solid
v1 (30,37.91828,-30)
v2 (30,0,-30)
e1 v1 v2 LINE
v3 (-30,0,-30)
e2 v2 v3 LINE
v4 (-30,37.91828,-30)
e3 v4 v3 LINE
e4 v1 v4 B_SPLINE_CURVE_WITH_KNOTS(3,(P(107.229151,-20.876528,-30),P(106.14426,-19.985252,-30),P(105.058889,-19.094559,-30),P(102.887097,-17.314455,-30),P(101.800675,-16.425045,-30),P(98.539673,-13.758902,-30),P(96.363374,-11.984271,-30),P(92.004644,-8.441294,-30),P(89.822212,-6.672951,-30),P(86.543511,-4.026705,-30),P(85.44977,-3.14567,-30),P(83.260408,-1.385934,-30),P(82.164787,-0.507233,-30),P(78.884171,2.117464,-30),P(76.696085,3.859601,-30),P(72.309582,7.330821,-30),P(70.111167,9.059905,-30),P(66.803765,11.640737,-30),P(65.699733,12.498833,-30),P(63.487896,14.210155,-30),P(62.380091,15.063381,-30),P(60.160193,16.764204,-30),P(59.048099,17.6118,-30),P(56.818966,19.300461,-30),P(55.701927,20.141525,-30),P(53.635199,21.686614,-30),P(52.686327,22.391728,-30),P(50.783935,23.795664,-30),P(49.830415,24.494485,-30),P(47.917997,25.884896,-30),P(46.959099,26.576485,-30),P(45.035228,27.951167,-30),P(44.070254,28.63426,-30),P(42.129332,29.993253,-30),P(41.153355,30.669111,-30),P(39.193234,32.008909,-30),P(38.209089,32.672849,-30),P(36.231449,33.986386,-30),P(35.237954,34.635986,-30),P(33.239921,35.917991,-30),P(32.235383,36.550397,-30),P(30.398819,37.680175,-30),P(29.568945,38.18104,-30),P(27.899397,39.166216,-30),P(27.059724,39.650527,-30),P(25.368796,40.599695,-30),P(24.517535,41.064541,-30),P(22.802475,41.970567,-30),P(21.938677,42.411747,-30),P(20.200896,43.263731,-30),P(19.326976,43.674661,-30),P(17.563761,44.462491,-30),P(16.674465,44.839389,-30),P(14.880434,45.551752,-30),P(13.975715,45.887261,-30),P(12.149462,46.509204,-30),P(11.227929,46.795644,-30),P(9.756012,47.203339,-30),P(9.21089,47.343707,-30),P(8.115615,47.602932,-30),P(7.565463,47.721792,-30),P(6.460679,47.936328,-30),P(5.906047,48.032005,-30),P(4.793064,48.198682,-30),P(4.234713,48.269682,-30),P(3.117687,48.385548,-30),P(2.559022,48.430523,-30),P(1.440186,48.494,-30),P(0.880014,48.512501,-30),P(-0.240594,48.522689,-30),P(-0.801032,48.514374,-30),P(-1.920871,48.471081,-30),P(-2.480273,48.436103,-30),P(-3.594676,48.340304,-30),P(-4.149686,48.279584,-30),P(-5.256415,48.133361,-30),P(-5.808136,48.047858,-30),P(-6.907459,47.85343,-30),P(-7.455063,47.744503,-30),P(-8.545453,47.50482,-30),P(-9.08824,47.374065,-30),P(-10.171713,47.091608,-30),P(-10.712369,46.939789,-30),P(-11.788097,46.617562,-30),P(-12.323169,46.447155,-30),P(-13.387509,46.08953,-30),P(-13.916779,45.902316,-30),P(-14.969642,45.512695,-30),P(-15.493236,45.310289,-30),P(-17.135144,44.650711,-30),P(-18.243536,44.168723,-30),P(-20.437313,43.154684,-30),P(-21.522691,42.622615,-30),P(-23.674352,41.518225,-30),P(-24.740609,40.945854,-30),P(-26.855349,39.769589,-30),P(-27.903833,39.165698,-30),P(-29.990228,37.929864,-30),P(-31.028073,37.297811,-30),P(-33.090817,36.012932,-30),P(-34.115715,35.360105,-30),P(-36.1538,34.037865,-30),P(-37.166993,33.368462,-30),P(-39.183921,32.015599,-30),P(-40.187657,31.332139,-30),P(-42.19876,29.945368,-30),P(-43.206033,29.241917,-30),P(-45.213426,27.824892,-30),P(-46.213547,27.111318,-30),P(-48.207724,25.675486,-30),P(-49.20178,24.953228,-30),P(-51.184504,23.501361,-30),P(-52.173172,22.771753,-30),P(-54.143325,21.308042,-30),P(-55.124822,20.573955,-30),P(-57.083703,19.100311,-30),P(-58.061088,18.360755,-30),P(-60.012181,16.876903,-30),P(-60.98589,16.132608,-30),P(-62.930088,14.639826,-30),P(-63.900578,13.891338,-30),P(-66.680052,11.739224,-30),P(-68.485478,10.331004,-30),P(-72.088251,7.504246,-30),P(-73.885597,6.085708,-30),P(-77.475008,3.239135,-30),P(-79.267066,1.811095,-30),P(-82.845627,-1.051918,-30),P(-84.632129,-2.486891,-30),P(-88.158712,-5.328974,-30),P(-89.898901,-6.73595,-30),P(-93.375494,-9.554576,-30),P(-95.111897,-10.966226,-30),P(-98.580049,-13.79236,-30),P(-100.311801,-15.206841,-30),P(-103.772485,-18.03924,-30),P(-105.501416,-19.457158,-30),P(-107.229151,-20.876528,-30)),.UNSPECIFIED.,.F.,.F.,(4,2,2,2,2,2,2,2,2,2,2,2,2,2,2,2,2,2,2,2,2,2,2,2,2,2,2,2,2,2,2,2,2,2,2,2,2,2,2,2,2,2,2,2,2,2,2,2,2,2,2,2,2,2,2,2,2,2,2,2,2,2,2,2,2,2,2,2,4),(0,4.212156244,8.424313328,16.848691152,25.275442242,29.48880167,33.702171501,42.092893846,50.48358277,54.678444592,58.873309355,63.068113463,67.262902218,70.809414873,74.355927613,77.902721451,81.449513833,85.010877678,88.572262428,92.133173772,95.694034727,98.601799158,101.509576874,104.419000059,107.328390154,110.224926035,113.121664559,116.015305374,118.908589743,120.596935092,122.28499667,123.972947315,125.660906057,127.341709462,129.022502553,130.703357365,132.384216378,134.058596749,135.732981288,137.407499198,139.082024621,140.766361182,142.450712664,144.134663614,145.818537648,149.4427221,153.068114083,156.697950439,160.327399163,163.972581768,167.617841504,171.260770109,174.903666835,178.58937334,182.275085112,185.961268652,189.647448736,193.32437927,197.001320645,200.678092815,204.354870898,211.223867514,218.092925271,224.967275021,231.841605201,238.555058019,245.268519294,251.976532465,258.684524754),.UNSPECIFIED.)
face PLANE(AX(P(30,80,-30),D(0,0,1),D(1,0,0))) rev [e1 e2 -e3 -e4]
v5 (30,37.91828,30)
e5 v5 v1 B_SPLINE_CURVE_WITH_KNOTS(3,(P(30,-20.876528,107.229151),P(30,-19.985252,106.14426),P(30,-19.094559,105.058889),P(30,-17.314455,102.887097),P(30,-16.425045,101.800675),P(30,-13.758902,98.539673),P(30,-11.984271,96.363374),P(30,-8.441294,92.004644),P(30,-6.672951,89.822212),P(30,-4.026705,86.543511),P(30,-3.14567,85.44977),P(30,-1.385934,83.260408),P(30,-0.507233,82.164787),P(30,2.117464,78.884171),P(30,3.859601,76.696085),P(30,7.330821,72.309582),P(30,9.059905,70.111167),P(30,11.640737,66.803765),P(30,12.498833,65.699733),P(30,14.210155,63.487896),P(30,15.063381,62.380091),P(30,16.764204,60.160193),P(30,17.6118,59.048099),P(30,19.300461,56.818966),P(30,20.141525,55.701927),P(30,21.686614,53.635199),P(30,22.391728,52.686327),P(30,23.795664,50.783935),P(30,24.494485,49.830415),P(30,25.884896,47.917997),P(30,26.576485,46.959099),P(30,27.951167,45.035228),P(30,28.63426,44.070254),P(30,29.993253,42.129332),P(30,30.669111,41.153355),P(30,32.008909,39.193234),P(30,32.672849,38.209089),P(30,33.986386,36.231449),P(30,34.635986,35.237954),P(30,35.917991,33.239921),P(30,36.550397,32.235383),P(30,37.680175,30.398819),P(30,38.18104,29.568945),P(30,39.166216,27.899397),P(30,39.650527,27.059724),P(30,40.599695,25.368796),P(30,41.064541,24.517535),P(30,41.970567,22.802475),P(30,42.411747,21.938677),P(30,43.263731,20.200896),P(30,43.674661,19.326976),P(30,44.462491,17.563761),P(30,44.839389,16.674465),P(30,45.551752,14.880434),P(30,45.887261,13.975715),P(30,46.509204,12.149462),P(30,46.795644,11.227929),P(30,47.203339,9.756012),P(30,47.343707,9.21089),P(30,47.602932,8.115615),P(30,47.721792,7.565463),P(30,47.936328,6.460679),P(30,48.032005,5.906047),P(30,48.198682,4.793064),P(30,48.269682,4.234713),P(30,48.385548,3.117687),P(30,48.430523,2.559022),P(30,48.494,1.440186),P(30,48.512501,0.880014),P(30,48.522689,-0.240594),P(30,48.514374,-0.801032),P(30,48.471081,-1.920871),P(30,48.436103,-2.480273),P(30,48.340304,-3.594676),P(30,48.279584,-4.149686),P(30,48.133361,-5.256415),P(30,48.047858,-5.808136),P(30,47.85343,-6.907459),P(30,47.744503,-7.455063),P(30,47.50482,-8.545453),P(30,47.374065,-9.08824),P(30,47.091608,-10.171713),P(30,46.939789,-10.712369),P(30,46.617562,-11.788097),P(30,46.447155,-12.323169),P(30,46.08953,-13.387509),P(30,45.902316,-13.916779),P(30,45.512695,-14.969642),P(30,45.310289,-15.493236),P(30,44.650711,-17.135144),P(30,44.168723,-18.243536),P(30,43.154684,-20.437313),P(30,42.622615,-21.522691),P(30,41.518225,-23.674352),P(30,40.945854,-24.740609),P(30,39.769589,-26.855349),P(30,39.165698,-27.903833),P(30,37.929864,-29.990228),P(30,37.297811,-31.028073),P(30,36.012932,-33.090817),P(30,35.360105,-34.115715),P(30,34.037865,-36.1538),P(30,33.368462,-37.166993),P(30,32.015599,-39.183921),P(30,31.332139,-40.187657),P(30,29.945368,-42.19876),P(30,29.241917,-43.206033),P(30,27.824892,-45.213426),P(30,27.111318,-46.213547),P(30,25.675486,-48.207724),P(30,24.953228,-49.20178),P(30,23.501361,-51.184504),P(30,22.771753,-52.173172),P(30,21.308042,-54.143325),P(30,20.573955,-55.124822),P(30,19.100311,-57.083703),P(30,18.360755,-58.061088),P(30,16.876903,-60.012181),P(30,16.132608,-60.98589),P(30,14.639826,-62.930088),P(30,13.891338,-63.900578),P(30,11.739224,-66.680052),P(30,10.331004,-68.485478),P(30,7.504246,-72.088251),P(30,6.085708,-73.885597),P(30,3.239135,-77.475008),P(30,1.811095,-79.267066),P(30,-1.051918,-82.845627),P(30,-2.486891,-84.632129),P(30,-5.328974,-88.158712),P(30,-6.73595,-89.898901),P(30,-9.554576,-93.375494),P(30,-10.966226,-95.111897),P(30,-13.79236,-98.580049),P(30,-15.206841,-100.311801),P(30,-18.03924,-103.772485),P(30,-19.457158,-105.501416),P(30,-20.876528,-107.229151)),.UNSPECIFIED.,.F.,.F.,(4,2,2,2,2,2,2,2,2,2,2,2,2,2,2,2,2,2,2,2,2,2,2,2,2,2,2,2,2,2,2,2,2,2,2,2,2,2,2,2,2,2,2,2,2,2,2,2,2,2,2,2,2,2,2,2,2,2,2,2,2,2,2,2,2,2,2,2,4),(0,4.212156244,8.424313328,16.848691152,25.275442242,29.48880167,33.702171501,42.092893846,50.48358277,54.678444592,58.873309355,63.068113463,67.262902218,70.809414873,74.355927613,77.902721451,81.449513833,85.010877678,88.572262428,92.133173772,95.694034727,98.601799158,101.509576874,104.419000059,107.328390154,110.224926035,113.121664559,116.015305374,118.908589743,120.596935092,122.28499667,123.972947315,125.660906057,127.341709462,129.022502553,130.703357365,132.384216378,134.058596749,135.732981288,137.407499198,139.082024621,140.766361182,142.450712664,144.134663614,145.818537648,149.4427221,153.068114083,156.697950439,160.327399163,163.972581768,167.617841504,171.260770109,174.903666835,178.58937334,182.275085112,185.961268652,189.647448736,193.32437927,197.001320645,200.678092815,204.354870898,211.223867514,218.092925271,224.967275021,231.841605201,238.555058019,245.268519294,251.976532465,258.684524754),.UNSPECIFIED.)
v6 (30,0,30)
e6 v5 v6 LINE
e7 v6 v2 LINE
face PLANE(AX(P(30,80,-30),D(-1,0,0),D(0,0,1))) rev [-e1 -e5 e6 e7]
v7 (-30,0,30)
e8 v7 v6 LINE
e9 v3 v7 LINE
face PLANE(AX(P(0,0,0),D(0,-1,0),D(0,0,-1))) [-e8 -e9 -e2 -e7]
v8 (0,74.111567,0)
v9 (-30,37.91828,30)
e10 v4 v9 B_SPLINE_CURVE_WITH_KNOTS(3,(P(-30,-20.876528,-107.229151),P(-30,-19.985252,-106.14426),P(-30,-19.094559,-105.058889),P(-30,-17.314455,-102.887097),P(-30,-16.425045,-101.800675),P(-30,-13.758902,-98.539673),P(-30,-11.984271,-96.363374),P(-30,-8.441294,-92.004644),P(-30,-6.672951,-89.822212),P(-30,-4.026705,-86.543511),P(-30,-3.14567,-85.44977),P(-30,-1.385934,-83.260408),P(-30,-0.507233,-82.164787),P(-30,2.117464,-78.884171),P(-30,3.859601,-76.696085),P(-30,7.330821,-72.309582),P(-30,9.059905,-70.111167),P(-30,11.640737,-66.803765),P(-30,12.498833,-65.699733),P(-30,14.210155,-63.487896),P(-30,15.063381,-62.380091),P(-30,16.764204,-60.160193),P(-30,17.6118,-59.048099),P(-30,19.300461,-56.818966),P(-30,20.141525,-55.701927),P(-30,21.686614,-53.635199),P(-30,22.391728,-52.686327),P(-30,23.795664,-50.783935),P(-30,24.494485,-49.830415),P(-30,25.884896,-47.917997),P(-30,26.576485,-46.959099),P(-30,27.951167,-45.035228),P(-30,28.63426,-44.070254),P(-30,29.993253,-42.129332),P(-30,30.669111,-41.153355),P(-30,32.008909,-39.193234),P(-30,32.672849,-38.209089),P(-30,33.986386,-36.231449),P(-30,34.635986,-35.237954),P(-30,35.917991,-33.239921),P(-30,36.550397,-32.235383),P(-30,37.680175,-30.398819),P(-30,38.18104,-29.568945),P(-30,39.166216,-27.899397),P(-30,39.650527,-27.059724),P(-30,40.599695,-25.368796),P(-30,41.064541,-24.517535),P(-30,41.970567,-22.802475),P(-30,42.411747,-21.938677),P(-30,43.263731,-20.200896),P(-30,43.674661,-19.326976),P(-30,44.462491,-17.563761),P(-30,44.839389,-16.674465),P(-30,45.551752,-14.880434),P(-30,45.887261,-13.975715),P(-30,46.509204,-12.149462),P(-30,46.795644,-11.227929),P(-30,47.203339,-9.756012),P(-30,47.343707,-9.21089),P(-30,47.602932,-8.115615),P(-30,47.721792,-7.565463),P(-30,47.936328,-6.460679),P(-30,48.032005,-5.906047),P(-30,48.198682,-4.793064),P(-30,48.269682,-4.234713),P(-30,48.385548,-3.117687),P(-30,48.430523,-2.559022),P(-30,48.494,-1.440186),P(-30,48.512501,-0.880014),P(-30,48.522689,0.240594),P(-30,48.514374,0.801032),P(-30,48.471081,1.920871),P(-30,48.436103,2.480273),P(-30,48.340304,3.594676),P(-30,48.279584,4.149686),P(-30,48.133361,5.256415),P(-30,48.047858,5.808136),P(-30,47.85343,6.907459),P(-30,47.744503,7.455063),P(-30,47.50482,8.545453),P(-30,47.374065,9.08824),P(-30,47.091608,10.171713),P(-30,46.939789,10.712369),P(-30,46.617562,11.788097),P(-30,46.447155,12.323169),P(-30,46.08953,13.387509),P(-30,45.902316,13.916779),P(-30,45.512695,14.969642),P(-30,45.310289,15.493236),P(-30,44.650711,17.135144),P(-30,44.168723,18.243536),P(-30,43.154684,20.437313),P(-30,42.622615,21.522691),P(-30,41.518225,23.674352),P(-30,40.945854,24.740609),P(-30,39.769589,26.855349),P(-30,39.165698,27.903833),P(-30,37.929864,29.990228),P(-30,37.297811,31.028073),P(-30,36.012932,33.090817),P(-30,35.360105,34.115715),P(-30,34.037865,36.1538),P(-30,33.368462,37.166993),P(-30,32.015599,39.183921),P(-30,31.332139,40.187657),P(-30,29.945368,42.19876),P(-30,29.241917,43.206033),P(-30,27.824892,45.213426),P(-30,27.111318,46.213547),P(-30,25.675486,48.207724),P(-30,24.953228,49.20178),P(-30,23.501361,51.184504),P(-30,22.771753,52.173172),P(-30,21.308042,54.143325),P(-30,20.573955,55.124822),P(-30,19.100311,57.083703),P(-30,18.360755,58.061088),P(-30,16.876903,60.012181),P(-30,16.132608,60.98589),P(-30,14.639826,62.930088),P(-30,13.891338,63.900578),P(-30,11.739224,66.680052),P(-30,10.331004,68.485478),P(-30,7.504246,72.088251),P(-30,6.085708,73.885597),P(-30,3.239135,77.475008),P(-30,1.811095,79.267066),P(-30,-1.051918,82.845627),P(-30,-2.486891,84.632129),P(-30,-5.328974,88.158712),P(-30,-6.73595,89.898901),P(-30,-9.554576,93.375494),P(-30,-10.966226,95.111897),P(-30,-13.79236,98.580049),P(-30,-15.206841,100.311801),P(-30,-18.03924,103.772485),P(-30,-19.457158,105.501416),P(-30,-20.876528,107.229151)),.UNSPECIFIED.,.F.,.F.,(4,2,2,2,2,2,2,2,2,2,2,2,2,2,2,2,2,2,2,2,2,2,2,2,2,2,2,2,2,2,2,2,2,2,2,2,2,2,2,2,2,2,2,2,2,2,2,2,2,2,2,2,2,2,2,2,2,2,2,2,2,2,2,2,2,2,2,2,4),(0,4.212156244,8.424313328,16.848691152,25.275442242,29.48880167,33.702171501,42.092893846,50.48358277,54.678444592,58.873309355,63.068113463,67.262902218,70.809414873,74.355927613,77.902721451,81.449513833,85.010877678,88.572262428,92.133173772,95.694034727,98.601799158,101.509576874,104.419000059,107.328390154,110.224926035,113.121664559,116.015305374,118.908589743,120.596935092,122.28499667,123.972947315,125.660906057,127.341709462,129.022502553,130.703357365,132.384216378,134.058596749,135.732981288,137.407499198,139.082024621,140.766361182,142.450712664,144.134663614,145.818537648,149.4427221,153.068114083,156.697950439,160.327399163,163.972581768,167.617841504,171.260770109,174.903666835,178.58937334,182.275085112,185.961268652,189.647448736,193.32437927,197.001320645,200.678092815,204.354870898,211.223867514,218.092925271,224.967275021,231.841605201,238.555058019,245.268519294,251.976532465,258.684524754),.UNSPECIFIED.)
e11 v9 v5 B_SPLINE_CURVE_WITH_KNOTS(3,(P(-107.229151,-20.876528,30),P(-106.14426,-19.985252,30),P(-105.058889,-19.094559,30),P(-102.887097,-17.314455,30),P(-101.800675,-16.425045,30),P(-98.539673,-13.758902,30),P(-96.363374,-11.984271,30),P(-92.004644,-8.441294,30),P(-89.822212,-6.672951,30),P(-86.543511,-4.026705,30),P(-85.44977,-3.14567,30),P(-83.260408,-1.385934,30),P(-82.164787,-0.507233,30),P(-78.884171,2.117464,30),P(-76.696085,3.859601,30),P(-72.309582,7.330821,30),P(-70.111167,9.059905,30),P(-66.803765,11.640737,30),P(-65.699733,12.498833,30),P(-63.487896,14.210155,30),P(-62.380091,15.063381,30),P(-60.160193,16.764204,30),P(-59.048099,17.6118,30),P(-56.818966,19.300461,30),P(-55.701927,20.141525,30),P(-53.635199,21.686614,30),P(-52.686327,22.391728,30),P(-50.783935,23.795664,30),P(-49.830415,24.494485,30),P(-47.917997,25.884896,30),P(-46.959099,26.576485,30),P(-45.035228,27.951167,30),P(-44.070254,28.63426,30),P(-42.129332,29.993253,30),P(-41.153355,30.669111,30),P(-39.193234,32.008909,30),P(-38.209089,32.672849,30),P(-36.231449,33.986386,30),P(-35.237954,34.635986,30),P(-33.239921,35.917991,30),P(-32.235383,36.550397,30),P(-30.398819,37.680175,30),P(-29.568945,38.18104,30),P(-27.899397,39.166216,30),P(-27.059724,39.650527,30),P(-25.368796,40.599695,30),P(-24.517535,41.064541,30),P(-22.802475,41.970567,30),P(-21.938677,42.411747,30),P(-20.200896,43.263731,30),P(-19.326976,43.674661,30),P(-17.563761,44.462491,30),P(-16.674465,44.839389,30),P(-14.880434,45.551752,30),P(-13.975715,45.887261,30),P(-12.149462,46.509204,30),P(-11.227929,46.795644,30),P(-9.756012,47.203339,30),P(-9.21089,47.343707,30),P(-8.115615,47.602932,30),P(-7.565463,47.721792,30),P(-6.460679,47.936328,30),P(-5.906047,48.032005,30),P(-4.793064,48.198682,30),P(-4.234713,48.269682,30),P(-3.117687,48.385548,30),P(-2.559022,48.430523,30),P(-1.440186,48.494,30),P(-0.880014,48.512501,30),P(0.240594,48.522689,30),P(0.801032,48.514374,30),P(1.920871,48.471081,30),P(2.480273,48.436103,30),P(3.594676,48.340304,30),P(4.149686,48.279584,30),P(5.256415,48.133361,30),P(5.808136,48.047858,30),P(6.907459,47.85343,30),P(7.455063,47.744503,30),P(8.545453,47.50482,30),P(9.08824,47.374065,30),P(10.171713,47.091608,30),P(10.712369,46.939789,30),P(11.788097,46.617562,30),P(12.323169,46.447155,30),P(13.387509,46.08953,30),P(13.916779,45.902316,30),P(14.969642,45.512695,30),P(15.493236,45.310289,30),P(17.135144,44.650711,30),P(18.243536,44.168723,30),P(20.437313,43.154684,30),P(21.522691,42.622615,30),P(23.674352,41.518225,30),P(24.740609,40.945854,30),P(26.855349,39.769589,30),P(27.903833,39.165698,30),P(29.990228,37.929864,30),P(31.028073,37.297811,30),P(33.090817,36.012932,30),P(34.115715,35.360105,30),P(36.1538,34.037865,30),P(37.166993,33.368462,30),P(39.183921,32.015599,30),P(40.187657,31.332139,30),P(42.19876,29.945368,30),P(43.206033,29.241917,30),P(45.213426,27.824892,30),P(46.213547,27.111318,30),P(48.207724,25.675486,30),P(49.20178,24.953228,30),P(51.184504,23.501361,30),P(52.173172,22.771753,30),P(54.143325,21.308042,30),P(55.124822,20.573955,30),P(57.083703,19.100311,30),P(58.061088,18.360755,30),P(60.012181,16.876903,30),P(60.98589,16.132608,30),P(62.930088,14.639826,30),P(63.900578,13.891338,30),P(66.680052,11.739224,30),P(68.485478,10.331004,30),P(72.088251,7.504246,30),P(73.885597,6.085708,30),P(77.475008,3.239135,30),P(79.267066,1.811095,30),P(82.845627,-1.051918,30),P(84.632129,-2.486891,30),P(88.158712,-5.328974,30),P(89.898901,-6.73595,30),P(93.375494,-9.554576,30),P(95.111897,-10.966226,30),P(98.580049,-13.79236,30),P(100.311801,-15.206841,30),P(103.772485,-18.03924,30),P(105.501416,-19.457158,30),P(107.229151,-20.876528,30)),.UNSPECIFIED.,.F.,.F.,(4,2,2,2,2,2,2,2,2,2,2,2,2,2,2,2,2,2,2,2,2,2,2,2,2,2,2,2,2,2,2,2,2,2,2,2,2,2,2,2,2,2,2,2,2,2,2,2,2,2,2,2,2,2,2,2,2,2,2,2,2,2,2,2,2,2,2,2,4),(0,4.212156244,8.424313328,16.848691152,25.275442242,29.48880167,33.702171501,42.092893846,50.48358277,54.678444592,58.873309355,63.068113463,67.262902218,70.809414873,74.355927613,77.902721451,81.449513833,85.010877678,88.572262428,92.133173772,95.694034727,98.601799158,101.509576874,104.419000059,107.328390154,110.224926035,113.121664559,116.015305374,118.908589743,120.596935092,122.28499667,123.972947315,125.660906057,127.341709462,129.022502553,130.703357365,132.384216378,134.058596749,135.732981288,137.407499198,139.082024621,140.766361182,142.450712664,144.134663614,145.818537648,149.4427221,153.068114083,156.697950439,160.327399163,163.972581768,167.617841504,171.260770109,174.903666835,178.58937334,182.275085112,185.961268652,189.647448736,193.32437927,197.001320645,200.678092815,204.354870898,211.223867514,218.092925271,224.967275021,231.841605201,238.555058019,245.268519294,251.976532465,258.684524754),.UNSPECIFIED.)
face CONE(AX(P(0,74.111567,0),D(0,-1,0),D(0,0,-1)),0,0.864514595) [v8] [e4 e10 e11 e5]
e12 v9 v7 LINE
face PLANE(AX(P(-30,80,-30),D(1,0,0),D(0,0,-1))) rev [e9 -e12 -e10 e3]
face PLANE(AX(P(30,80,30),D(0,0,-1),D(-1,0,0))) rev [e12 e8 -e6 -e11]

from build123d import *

# Parameters (mm, degrees)
ESBO_O1_W                = 60
ESBO_O1_H                = 60
RESSALTO_EXTRUS_O1_DEPTH = 80


with BuildPart() as part:
    # Esboço1 → Ressalto-extrusão1 (new body)
    with BuildSketch(Plane(origin=(0, 0, 0), x_dir=(1, 0, 0), z_dir=(0, 1, 0))):
        Rectangle(ESBO_O1_W, ESBO_O1_H)
    extrude(amount=RESSALTO_EXTRUS_O1_DEPTH)

    # Esboço2 → Corte-Revolução7 (revolve, cut)
    with BuildSketch(Plane.XY, mode=Mode.PRIVATE) as corte_revolu_o7_sk:
        Polygon((0, 88.590555417), (0, 74.111566705), (56.998118831, 25.487386579), (56.998118831, 88.590555417), align=None)
    revolve(corte_revolu_o7_sk.sketch.rotate(Axis((0, 88.590555417, 0), (0, -1, 0)), 270), axis=Axis((0, 88.590555417, 0), (0, -1, 0)), mode=Mode.SUBTRACT)


solid = part.part
